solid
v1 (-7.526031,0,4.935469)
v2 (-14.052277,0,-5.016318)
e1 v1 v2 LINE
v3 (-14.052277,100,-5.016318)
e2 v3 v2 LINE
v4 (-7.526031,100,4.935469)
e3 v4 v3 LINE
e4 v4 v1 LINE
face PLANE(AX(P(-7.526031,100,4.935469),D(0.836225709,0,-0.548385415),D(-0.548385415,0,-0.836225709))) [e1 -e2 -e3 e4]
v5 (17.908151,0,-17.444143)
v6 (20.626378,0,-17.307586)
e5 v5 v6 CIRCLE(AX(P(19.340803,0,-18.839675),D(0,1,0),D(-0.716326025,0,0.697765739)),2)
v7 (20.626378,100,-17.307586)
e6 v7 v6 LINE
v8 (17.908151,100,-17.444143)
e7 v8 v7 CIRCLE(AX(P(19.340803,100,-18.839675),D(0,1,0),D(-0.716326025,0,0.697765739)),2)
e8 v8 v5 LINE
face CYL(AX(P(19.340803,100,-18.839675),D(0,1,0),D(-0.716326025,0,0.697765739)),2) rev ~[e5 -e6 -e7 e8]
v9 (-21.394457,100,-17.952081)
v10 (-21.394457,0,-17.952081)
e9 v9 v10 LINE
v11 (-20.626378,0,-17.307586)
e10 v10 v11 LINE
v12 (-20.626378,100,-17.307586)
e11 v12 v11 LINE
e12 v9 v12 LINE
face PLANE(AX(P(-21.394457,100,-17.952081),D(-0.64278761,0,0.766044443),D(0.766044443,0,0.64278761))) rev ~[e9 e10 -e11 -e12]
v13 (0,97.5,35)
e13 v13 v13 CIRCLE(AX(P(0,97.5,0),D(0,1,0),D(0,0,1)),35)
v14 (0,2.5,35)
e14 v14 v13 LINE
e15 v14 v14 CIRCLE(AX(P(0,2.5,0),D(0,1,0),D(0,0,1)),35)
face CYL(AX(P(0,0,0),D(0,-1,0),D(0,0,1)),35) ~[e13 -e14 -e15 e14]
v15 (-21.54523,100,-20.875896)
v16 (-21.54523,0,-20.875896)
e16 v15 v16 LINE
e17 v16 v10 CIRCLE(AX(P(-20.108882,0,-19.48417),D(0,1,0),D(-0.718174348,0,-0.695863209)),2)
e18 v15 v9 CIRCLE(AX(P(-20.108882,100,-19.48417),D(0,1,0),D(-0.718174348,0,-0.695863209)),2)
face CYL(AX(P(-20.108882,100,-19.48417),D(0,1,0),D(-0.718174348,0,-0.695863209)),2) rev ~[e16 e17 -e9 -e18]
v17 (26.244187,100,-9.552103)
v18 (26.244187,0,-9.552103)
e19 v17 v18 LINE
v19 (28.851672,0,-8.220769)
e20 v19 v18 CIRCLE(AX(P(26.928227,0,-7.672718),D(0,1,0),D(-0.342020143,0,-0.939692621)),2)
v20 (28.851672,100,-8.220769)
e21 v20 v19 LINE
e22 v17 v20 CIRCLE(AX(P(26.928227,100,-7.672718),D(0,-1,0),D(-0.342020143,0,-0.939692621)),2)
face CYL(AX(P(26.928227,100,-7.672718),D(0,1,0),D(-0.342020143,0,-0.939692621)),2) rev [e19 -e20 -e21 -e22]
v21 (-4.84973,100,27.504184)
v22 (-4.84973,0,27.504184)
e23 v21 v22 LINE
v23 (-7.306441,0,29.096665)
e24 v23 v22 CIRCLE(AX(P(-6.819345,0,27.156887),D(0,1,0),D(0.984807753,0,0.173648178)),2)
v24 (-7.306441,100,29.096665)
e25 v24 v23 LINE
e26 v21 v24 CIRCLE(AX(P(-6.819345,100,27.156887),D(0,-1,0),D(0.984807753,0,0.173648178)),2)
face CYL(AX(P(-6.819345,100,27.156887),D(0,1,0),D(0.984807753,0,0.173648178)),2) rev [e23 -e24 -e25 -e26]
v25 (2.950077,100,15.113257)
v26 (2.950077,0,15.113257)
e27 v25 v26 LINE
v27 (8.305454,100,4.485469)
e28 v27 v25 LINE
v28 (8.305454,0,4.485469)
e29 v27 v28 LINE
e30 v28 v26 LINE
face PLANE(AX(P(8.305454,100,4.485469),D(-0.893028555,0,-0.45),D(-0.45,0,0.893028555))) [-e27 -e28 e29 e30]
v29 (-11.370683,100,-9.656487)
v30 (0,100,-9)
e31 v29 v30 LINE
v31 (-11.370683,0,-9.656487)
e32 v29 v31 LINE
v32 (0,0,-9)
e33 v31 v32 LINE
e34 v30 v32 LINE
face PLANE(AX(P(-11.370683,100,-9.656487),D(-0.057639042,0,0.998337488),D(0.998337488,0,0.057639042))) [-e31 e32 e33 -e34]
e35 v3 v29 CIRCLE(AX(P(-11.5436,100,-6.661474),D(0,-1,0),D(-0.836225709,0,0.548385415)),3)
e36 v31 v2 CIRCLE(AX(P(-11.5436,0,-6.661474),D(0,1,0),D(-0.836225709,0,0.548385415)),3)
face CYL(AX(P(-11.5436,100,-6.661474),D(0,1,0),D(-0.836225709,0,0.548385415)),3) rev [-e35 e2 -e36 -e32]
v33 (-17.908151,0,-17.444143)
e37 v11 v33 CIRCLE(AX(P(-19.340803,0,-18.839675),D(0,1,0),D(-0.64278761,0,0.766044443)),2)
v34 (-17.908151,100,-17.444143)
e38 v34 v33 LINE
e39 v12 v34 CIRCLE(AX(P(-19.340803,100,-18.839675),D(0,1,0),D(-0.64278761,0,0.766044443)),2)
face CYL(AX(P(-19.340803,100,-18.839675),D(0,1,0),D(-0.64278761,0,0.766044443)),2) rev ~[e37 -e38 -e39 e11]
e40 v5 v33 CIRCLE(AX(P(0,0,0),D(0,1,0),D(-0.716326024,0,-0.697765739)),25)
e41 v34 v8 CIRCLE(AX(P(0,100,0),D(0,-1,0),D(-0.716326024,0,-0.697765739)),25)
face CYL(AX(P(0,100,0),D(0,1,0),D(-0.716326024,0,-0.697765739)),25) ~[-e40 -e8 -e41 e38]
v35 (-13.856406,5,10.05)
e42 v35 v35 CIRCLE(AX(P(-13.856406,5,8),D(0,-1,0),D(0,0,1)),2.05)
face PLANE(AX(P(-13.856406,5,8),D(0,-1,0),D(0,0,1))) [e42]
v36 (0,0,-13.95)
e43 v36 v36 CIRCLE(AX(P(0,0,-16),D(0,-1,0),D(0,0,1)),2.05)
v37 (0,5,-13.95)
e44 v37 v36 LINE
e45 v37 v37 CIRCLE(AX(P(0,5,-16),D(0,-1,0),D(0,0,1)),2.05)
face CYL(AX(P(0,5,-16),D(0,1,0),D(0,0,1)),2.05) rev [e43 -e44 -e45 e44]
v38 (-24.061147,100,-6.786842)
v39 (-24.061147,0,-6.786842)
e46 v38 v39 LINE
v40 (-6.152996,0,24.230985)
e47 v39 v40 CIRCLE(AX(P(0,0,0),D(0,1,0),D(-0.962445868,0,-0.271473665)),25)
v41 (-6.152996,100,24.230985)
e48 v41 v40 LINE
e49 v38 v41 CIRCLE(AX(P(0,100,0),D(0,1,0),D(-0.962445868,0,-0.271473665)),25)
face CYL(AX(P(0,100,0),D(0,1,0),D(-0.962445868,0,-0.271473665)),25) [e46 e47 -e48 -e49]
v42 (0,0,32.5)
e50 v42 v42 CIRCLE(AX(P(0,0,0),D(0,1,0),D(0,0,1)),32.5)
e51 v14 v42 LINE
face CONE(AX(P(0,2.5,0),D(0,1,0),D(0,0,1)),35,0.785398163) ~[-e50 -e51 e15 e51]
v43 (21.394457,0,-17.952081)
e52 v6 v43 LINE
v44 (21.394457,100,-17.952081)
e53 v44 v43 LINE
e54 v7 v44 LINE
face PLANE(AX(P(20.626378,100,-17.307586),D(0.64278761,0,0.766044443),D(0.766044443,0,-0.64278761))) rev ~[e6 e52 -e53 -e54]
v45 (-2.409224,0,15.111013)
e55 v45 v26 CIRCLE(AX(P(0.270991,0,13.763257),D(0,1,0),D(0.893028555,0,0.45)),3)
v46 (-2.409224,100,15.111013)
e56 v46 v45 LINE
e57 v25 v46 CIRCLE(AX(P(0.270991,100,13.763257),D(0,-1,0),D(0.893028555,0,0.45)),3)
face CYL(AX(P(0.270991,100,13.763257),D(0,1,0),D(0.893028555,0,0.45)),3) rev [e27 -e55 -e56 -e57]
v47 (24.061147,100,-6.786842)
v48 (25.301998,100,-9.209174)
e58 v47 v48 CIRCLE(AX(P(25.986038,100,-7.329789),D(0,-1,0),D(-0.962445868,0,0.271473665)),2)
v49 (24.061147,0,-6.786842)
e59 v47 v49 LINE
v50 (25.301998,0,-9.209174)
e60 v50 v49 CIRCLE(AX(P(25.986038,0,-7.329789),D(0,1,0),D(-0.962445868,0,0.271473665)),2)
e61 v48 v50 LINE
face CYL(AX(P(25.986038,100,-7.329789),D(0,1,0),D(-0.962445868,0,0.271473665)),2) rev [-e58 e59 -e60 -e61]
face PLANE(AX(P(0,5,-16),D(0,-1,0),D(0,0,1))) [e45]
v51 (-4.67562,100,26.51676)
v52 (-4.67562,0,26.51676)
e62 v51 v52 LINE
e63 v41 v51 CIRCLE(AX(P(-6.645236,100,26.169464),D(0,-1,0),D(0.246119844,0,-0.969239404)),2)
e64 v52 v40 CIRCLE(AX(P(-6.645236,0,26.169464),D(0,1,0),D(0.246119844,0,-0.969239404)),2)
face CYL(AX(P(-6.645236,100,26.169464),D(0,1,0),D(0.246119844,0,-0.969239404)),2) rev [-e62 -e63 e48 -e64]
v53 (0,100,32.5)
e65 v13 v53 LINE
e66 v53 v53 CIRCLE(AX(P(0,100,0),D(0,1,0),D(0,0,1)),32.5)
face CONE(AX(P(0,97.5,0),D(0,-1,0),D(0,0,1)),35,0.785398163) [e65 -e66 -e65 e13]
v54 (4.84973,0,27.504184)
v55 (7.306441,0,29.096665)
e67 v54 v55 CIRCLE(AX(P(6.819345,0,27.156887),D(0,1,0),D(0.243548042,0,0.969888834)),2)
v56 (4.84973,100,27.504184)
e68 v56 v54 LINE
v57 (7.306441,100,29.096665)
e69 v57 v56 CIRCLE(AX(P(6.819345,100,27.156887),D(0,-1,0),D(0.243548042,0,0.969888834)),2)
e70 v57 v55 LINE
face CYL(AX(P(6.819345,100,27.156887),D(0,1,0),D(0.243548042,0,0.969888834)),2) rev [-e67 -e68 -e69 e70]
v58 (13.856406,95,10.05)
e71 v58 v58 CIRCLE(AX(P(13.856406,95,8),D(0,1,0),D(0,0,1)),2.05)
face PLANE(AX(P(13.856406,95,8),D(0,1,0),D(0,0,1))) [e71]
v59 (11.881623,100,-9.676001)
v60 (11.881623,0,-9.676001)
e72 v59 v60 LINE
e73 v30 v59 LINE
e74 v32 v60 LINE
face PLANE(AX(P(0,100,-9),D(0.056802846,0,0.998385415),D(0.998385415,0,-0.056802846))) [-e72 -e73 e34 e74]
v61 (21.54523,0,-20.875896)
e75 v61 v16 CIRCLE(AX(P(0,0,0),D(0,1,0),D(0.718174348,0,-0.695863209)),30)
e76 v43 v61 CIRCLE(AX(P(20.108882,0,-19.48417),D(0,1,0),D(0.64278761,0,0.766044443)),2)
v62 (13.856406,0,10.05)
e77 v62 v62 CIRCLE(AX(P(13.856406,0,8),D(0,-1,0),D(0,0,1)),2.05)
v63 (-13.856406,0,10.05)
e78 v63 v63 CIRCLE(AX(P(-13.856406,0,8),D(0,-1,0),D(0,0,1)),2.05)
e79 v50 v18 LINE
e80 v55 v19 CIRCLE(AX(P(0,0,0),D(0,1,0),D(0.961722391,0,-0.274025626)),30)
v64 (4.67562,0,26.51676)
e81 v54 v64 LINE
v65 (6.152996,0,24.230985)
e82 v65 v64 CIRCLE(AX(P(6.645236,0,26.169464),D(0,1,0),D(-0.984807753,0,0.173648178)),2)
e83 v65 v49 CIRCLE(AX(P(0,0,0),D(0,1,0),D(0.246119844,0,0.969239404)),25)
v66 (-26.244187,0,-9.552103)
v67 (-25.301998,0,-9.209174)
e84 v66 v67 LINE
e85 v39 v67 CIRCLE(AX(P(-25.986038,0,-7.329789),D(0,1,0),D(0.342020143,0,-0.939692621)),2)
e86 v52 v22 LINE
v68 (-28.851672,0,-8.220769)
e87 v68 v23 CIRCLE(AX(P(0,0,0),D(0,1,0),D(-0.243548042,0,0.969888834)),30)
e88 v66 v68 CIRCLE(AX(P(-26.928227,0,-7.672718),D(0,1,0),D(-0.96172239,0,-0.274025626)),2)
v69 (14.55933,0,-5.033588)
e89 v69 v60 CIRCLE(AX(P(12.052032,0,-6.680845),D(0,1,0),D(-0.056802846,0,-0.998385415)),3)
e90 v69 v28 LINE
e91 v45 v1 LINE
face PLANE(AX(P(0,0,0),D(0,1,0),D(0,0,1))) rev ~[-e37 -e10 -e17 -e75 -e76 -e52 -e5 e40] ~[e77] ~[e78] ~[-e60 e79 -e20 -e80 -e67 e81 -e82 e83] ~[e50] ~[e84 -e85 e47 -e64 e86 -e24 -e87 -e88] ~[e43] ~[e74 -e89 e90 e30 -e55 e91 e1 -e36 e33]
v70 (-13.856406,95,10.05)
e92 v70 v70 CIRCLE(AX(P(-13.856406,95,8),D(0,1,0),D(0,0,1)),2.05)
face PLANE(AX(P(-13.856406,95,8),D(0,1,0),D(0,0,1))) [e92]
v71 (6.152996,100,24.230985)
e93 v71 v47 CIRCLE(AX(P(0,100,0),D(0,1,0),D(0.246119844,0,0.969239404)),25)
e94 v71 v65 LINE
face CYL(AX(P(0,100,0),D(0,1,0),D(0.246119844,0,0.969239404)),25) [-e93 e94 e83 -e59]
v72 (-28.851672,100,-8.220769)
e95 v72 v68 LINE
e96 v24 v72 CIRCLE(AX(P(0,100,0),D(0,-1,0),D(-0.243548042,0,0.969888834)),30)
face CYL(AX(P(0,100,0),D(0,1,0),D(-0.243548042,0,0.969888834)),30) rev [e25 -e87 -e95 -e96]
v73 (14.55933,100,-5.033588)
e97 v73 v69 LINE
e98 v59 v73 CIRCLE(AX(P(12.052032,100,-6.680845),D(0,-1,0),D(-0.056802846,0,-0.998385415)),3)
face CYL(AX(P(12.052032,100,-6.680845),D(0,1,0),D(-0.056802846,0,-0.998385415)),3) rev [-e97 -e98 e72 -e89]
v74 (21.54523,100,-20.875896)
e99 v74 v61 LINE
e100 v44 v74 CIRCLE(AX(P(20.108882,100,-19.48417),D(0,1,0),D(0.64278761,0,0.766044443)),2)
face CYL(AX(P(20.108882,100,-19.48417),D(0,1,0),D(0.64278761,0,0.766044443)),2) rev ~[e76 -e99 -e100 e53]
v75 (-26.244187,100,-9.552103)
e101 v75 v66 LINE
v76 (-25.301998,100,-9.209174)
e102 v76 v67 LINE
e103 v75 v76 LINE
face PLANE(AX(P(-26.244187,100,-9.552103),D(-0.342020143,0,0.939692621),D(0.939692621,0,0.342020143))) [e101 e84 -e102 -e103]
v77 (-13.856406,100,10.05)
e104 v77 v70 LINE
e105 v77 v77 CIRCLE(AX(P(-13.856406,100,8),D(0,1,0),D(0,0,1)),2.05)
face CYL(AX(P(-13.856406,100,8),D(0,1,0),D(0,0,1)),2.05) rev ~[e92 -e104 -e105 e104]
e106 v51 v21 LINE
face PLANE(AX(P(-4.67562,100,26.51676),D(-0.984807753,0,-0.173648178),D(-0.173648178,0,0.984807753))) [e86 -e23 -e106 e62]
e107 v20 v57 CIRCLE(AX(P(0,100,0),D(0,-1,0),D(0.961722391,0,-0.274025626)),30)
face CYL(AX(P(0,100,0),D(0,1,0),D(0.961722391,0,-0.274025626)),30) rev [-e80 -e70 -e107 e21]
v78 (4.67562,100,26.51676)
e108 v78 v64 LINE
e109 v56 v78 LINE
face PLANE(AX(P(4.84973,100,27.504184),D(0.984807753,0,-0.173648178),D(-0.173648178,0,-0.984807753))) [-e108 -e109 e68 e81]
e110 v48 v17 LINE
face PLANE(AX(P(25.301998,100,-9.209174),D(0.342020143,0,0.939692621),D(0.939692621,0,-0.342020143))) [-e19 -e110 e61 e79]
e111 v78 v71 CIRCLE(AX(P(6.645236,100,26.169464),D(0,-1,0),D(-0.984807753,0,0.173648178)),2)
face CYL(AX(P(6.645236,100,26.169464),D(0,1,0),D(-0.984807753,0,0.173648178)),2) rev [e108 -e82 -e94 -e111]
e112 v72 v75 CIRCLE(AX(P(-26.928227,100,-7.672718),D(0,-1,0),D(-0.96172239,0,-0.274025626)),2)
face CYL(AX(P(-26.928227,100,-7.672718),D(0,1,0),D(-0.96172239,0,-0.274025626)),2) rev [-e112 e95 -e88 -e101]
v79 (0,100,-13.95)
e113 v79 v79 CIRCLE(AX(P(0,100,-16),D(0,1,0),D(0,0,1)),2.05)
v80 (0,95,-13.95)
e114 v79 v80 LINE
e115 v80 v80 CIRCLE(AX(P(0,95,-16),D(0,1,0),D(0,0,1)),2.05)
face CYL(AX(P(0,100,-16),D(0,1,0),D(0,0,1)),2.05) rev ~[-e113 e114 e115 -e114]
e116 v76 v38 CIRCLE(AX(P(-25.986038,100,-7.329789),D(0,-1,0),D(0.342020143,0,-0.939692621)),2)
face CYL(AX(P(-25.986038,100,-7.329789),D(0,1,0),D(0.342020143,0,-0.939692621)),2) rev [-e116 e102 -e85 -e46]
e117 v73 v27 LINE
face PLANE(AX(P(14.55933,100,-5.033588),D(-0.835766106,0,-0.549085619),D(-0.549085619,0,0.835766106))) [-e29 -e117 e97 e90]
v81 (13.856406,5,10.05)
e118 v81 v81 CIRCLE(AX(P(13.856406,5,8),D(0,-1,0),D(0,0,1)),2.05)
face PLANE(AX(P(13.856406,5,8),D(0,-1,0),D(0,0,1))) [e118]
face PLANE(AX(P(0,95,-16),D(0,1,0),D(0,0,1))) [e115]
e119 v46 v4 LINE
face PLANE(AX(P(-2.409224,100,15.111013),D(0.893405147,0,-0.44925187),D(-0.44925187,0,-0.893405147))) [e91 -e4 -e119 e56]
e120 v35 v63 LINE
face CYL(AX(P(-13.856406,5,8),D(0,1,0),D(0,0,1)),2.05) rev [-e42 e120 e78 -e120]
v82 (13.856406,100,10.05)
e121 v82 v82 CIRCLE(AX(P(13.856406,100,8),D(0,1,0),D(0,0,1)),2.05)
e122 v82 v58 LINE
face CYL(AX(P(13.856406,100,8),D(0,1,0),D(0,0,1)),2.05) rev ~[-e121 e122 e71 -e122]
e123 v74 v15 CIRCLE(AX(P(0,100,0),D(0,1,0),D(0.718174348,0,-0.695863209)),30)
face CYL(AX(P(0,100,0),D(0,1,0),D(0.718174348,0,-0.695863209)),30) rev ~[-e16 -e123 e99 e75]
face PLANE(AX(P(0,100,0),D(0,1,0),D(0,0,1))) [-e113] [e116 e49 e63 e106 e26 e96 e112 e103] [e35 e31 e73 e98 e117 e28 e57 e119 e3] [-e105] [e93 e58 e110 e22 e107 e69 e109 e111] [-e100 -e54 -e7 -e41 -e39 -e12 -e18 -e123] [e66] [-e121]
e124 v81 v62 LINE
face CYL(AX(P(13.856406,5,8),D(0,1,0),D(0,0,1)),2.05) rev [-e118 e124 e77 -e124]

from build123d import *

# Parameters (mm, degrees)
SKETCH_1_R          = 35
EXTRUDE_1_DEPTH     = 100
SKETCH_2_R          = 2.05
CUT_EXTRUDE_1_DEPTH = 5
CHAMFER_1_SIZE      = 2.5
CUT_EXTRUDE_START   = -5
SKETCH_3_R          = 2.05
CUT_EXTRUDE_2_DEPTH = 5
CUT_EXTRUDE_3_DEPTH = 112.579568022


with BuildPart() as part:
    # ｽｹｯﾁ1 → ﾎﾞｽ - 押し出し1 (new body)
    with BuildSketch(Plane(origin=(0, 0, 0), x_dir=(1, 0, 0), z_dir=(0, 1, 0))):
        with Locations(Location((0, 0, 0), (0, 0, 270))):
            Circle(SKETCH_1_R)
    extrude(amount=EXTRUDE_1_DEPTH)

    # ｽｹｯﾁ2 → ｶｯﾄ - 押し出し1 (cut)
    with BuildSketch(Plane(origin=(0, 100, 0), x_dir=(1, 0, 0), z_dir=(0, 1, 0))):
        with Locations(Location((0, 16, 0), (0, 0, 270))):
            Circle(SKETCH_2_R)
        with Locations(Location((13.856406461, -8, 0), (0, 0, 270))):
            Circle(SKETCH_2_R)
        with Locations(Location((-13.856406461, -8, 0), (0, 0, 270))):
            Circle(SKETCH_2_R)
    extrude(amount=-CUT_EXTRUDE_1_DEPTH, mode=Mode.SUBTRACT)

    # 面取り1
    chamfer_1_edges = [part.edges().sort_by_distance(p)[0] for p in [
        (0, 0, -35),
        (0, 100, -35),
    ]]
    chamfer(chamfer_1_edges, length=CHAMFER_1_SIZE)

    # ｽｹｯﾁ3 → ｶｯﾄ - 押し出し2 (cut)
    with BuildSketch(Plane.XZ.offset(CUT_EXTRUDE_START)):
        with Locations(Location((0, -16, 0), (0, 0, 90))):
            Circle(SKETCH_3_R)
        with Locations(Location((-13.856406461, 8, 0), (0, 0, 90))):
            Circle(SKETCH_3_R)
        with Locations(Location((13.856406461, 8, 0), (0, 0, 90))):
            Circle(SKETCH_3_R)
    extrude(amount=CUT_EXTRUDE_2_DEPTH, mode=Mode.SUBTRACT)

    # ｽｹｯﾁ4 → ｶｯﾄ - 押し出し3 (cut, through all)
    with BuildSketch(Plane(origin=(0, 100, 0), x_dir=(1, 0, 0), z_dir=(0, 1, 0))):
        with BuildLine():
            Line((-21.394456976, 17.952080958), (-20.626377879, 17.307586071))
            ThreePointArc((-20.626377879, 17.307586071), (-19.240453869, 16.842194013), (-17.908150611, 17.444143479))
            ThreePointArc((-17.908150611, 17.444143479), (0, 25), (17.908150611, 17.444143479))
            ThreePointArc((17.908150611, 17.444143479), (19.240453869, 16.842194013), (20.626377879, 17.307586071))
            Line((20.626377879, 17.307586071), (21.394456976, 17.952080958))
            ThreePointArc((21.394456976, 17.952080958), (22.106227854, 19.38117195), (21.545230453, 20.875896261))
            ThreePointArc((21.545230453, 20.875896261), (0, 30), (-21.545230453, 20.875896261))
            ThreePointArc((-21.545230453, 20.875896261), (-22.106227854, 19.38117195), (-21.394456976, 17.952080958))
        make_face()
        with BuildLine():
            Line((4.849729672, -27.50418372), (4.675620276, -26.516760267))
            ThreePointArc((4.675620276, -26.516760267), (4.965540937, -25.083818837), (6.152996094, -24.230985103))
            ThreePointArc((6.152996094, -24.230985103), (21.650635095, -12.5), (24.061146705, 6.786841624))
            ThreePointArc((24.061146705, 6.786841624), (24.205994805, 8.241624824), (25.301998155, 9.209174196))
            Line((25.301998155, 9.209174196), (26.244186648, 9.552102762))
            ThreePointArc((26.244186648, 9.552102762), (27.837701191, 9.453968928), (28.851671716, 8.220768772))
            ThreePointArc((28.851671716, 8.220768772), (25.980762114, -15), (7.306441262, -29.096665034))
            ThreePointArc((7.306441262, -29.096665034), (5.731473337, -28.835140879), (4.849729672, -27.50418372))
        make_face()
        with BuildLine():
            Line((-26.244186648, 9.552102762), (-25.301998155, 9.209174196))
            ThreePointArc((-25.301998155, 9.209174196), (-24.205994805, 8.241624824), (-24.061146705, 6.786841624))
            ThreePointArc((-24.061146705, 6.786841624), (-21.650635095, -12.5), (-6.152996094, -24.230985103))
            ThreePointArc((-6.152996094, -24.230985103), (-4.965540937, -25.083818837), (-4.675620276, -26.516760267))
            Line((-4.675620276, -26.516760267), (-4.849729672, -27.50418372))
            ThreePointArc((-4.849729672, -27.50418372), (-5.731473337, -28.835140879), (-7.306441262, -29.096665034))
            ThreePointArc((-7.306441262, -29.096665034), (-25.980762114, -15), (-28.851671716, 8.220768772))
            ThreePointArc((-28.851671716, 8.220768772), (-27.837701191, 9.453968928), (-26.244186648, 9.552102762))
        make_face()
        with BuildLine():
            Line((-7.526031383, -4.935468734), (-14.052277383, 5.016317986))
            ThreePointArc((-14.052277383, 5.016317986), (-14.141048063, 8.162562133), (-11.37068313, 9.656486697))
            Line((-11.37068313, 9.656486697), (0, 9))
            Line((0, 9), (11.881623113, 9.676001467))
            ThreePointArc((11.881623113, 9.676001467), (14.65073581, 8.179757058), (14.559329968, 5.033588367))
            Line((14.559329968, 5.033588367), (8.305454246, -4.485468734))
            Line((8.305454246, -4.485468734), (2.950077133, -15.113256922))
            ThreePointArc((2.950077133, -15.113256922), (0.269735116, -16.763256659), (-2.409223974, -15.111012532))
            Line((-2.409223974, -15.111012532), (-7.526031383, -4.935468734))
        make_face()
    extrude(amount=-CUT_EXTRUDE_3_DEPTH, mode=Mode.SUBTRACT)


solid = part.part
